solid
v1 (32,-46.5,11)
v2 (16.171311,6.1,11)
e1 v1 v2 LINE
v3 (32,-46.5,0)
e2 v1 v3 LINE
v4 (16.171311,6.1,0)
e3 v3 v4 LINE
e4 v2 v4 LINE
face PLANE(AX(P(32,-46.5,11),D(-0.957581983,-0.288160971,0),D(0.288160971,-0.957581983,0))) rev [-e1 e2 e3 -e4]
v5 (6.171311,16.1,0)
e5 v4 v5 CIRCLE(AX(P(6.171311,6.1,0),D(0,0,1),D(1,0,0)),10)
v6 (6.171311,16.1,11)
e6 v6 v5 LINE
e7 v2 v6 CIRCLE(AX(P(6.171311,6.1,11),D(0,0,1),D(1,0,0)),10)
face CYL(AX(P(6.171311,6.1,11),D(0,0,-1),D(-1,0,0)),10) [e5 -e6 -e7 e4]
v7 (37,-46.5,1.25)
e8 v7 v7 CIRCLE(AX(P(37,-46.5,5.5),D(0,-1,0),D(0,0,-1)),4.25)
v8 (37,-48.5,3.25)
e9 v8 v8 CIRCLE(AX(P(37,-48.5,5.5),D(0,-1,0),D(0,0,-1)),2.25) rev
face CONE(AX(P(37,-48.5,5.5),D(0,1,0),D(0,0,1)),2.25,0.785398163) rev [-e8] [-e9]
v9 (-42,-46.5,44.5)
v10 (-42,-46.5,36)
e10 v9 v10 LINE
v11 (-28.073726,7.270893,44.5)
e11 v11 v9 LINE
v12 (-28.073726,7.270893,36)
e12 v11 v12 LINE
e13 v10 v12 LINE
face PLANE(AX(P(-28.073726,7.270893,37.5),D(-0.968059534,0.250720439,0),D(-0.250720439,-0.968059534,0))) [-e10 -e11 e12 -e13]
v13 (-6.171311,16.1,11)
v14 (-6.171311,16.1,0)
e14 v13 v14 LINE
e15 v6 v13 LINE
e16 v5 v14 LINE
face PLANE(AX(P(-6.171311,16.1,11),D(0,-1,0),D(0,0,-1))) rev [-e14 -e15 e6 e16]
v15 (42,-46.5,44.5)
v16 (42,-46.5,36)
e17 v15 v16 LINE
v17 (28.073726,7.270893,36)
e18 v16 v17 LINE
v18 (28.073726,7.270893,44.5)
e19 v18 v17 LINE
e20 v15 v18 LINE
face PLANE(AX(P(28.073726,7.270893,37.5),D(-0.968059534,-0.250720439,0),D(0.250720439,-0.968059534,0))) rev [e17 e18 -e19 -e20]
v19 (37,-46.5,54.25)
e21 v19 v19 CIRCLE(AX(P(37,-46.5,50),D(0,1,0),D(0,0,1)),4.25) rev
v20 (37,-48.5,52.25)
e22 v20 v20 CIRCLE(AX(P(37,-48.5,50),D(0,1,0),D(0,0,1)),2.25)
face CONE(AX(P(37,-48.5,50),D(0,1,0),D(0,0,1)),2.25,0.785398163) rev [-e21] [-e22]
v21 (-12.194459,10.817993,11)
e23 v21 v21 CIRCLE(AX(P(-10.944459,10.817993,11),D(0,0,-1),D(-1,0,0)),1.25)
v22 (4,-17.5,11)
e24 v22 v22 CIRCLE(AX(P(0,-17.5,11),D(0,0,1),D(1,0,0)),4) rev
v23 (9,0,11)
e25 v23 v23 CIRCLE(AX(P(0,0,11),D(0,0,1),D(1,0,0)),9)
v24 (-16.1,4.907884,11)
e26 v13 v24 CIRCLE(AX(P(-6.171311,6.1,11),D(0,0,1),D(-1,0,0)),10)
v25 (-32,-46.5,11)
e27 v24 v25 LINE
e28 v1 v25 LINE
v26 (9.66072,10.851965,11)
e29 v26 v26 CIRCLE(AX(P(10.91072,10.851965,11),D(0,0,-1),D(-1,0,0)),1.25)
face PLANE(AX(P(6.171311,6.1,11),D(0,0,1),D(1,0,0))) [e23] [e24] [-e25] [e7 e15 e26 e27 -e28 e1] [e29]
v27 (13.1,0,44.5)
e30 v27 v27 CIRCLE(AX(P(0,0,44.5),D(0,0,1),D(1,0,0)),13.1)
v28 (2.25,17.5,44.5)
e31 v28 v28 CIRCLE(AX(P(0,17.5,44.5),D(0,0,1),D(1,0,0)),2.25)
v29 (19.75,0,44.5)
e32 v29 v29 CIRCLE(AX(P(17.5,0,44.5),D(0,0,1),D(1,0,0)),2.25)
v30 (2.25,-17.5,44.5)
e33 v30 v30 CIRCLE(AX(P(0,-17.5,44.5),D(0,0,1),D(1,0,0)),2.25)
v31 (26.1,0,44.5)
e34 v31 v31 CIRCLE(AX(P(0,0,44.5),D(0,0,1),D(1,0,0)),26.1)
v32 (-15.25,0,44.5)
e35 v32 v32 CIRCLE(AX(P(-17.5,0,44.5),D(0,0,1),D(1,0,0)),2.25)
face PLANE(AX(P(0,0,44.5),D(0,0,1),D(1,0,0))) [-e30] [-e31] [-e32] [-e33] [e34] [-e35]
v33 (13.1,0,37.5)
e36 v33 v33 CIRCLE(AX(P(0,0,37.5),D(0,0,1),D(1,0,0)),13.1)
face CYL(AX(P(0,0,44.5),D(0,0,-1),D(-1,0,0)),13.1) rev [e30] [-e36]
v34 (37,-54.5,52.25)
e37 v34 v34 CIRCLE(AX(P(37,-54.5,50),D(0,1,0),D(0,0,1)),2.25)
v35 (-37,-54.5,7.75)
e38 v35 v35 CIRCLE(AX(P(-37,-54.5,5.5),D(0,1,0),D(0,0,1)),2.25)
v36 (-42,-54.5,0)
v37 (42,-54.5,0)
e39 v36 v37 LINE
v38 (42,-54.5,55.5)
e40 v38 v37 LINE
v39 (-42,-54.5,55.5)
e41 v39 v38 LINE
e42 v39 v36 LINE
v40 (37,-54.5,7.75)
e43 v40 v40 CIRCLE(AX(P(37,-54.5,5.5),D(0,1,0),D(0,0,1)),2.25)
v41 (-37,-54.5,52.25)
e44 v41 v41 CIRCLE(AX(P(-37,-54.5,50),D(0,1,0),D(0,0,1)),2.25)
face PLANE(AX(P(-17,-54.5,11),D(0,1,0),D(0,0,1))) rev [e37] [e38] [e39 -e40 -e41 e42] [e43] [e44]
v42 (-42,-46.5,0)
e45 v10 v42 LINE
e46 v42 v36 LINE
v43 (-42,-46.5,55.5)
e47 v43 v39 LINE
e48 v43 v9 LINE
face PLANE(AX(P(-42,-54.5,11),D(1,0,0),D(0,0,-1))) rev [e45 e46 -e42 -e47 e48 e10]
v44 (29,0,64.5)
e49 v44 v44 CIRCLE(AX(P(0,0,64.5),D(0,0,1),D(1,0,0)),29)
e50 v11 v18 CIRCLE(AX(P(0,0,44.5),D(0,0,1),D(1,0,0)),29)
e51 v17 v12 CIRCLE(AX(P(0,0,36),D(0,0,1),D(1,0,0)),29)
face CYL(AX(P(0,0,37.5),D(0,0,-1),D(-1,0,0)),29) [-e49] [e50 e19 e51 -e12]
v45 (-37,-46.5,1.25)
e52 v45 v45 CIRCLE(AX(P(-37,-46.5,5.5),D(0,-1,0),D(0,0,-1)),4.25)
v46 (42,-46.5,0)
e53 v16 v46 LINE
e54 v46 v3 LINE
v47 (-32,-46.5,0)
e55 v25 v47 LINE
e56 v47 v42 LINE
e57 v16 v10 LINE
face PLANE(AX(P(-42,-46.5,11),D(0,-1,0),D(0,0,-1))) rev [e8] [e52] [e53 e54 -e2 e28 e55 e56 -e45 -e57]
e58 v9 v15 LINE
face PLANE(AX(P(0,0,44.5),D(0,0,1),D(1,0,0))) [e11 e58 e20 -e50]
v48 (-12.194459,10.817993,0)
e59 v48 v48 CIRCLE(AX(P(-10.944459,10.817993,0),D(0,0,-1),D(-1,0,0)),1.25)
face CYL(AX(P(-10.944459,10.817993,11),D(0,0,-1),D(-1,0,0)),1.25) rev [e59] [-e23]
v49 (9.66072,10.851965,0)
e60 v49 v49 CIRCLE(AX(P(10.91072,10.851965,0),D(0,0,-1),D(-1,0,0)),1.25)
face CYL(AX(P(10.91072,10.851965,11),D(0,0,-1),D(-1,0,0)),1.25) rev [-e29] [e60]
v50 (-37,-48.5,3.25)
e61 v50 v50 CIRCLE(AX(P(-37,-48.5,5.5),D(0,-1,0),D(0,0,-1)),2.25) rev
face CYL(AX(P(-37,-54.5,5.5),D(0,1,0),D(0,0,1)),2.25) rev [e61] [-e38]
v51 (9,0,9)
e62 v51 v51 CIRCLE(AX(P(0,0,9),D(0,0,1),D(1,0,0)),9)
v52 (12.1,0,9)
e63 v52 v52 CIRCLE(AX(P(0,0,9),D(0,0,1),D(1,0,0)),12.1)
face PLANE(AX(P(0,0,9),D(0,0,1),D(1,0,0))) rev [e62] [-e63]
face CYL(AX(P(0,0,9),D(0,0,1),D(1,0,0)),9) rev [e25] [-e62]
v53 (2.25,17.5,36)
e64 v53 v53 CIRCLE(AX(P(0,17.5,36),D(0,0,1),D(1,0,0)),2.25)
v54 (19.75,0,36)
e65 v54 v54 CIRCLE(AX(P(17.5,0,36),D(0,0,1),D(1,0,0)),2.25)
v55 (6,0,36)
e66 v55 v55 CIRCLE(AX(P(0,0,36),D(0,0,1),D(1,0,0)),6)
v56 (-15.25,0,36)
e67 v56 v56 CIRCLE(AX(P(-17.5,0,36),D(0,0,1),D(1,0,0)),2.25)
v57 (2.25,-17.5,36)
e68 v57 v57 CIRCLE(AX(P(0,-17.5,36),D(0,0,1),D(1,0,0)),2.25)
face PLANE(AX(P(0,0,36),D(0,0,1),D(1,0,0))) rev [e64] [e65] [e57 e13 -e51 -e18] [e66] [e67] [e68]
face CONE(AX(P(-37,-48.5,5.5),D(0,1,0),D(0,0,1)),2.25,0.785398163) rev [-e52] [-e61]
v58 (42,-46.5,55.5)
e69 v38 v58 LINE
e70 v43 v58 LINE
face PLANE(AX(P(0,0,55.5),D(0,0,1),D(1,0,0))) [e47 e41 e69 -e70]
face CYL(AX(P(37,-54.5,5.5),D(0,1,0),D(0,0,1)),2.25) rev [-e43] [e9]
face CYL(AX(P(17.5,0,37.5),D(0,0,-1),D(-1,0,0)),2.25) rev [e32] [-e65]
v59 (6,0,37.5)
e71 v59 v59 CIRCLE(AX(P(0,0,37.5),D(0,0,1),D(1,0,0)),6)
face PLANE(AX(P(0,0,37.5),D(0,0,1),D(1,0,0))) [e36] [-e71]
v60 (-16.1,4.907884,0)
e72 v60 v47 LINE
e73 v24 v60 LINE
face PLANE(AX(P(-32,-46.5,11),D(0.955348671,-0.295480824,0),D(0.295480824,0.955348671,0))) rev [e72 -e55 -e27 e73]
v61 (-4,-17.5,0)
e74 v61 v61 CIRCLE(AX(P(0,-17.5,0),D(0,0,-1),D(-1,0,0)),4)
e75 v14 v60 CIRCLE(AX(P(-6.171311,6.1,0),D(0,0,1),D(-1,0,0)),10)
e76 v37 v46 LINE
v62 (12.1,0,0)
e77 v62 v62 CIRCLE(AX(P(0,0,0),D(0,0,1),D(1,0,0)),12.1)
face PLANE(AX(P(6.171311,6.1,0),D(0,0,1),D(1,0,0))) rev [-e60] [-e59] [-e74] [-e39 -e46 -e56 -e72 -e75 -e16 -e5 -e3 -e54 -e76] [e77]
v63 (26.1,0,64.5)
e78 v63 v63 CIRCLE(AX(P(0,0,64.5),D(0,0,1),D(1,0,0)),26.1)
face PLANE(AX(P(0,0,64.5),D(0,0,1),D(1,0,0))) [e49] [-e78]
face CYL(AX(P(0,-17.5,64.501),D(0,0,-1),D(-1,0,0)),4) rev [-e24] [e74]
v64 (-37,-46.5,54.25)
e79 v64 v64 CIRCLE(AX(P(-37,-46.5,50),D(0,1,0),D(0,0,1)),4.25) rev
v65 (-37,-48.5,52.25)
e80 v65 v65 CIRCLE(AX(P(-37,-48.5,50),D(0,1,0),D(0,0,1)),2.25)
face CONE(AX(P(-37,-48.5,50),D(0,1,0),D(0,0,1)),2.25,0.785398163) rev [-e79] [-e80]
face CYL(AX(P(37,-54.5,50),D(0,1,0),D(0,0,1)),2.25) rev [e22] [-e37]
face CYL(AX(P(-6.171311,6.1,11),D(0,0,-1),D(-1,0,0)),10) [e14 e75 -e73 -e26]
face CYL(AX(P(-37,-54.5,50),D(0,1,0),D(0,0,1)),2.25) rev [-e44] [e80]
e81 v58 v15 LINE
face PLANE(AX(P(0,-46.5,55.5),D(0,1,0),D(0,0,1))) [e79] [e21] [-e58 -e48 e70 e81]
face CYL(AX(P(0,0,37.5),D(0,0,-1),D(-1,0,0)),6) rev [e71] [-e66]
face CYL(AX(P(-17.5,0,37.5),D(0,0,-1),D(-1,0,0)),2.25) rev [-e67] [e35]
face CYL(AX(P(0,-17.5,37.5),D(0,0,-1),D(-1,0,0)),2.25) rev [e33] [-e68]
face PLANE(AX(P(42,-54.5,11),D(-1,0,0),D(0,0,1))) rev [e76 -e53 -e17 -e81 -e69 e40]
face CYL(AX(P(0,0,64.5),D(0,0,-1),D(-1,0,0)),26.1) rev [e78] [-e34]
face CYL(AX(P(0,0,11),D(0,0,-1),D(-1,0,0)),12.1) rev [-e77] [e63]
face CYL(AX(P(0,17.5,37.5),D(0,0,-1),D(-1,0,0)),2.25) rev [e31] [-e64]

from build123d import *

# Parameters (mm, degrees)
SCHIZZO1_R                   = 12.1
ESTRUSIONE_ESTRUSIONE1_DEPTH = 11
ESTRUSIONE_ESTRUSIONE2_START = -2
SCHIZZO2_R                   = 12.1
SCHIZZO2_R_2                 = 9
ESTRUSIONE_ESTRUSIONE2_DEPTH = 2
SCHIZZO3_R                   = 2.25
TAGLIO_ESTRUSIONE1_DEPTH     = 77.182412669
SMUSSO1_SIZE                 = 2
SCHIZZO4_R                   = 1.25
TAGLIO_ESTRUSIONE2_DEPTH     = 70.679623994
SCHIZZO5_W                   = 84
SCHIZZO5_H                   = 8
ESTRUSIONE_ESTRUSIONE3_DEPTH = 25
SCHIZZO6_R                   = 2.25
SCHIZZO6_R_2                 = 6
ESTRUSIONE_ESTRUSIONE4_DEPTH = 1.5
SCHIZZO7_R                   = 2.25
SCHIZZO7_R_2                 = 13.1
ESTRUSIONE_ESTRUSIONE5_DEPTH = 7
SCHIZZO8_R                   = 29
SCHIZZO8_R_2                 = 26.1
ESTRUSIONE_ESTRUSIONE6_DEPTH = 20
TAGLIO_ESTRUSIONE4_REACH     = 96.311
SCHIZZO9_R                   = 4
SCHIZZO10_W                  = 84
SCHIZZO10_H                  = 8
ESTRUSIONE_ESTRUSIONE7_DEPTH = 11
SCHIZZO11_R                  = 2.25
TAGLIO_ESTRUSIONE5_DEPTH     = 108.816974545
SMUSSO2_SIZE                 = 2


with BuildPart() as part:
    # Schizzo1 → Estrusione-Estrusione1 (new body)
    with BuildSketch(Plane.XY):
        with BuildLine():
            Line((-6.171311325, 16.1), (6.171311325, 16.1))
            ThreePointArc((6.171311325, 16.1), (13.242379137, 13.171067812), (16.171311325, 6.1))
            Line((16.171311325, 6.1), (32, -46.5))
            Line((32, -46.5), (42, -46.5))
            Line((42, -46.5), (42, -54.5))
            Line((42, -54.5), (17, -54.5))
            Line((17, -54.5), (-17, -54.5))
            Line((-17, -54.5), (-42, -54.5))
            Line((-42, -54.5), (-42, -46.5))
            Line((-42, -46.5), (-32, -46.5))
            Line((-32, -46.5), (-16.1, 4.907883736))
            ThreePointArc((-16.1, 4.907883736), (-13.651991863, 12.73622021), (-6.171311325, 16.1))
        make_face()
        Circle(SCHIZZO1_R, mode=Mode.SUBTRACT)
    extrude(amount=ESTRUSIONE_ESTRUSIONE1_DEPTH)

    # Schizzo2 → Estrusione-Estrusione2 (add)
    with BuildSketch(Plane.XY.offset(11).offset(ESTRUSIONE_ESTRUSIONE2_START)):
        Circle(SCHIZZO2_R)
        Circle(SCHIZZO2_R_2, mode=Mode.SUBTRACT)
    extrude(amount=ESTRUSIONE_ESTRUSIONE2_DEPTH)

    # Schizzo3 → Taglio-Estrusione1 (cut, through all)
    with BuildSketch(Plane(origin=(0, -46.5, 0), x_dir=(1, 0, 0), z_dir=(0, 1, 0))):
        with Locations(Location((37, -5.5, 0), (0, 0, 270))):
            Circle(SCHIZZO3_R)
        with Locations(Location((-37, -5.5, 0), (0, 0, 270))):
            Circle(SCHIZZO3_R)
    extrude(amount=-TAGLIO_ESTRUSIONE1_DEPTH, mode=Mode.SUBTRACT)

    # Smusso1
    smusso1_edges = [part.edges().sort_by_distance(p)[0] for p in [
        (37, -46.5, 3.25),
        (-37, -46.5, 3.25),
    ]]
    chamfer(smusso1_edges, length=SMUSSO1_SIZE)

    # Schizzo4 → Taglio-Estrusione2 (cut, through all)
    with BuildSketch(Plane(origin=(0, 0, 0), x_dir=(-1, 0, 0), z_dir=(0, 0, -1))):
        with Locations((-10.910719744, 10.851964601)):
            Circle(SCHIZZO4_R)
        with Locations((10.944459062, 10.817992606)):
            Circle(SCHIZZO4_R)
        with Locations((0, -15.38859776)):
            Circle(SCHIZZO4_R)
    extrude(amount=-TAGLIO_ESTRUSIONE2_DEPTH, mode=Mode.SUBTRACT)

    # Schizzo5 → Estrusione-Estrusione3 (add)
    with BuildSketch(Plane.XY.offset(11)):
        with Locations((0, -50.5)):
            Rectangle(SCHIZZO5_W, SCHIZZO5_H)
    extrude(amount=ESTRUSIONE_ESTRUSIONE3_DEPTH)

    # Schizzo6 → Estrusione-Estrusione4 (add)
    with BuildSketch(Plane.XY.offset(36)):
        with BuildLine():
            Line((-28.073726485, 7.270892739), (-42, -46.5))
            Line((-42, -46.5), (-42, -54.5))
            Line((-42, -54.5), (42, -54.5))
            Line((42, -54.5), (42, -46.5))
            Line((42, -46.5), (28.073726485, 7.270892739))
            ThreePointArc((28.073726485, 7.270892739), (0, 29), (-28.073726485, 7.270892739))
        make_face()
        with Locations((17.5, 0)):
            Circle(SCHIZZO6_R, mode=Mode.SUBTRACT)
        with Locations((0, -17.5)):
            Circle(SCHIZZO6_R, mode=Mode.SUBTRACT)
        with Locations((-17.5, 0)):
            Circle(SCHIZZO6_R, mode=Mode.SUBTRACT)
        with Locations((0, 17.5)):
            Circle(SCHIZZO6_R, mode=Mode.SUBTRACT)
        Circle(SCHIZZO6_R_2, mode=Mode.SUBTRACT)
    extrude(amount=ESTRUSIONE_ESTRUSIONE4_DEPTH)

    # Schizzo7 → Estrusione-Estrusione5 (add)
    with BuildSketch(Plane.XY.offset(37.5)):
        with BuildLine():
            Line((42, -46.5), (28.073726485, 7.270892739))
            ThreePointArc((28.073726485, 7.270892739), (0, 29), (-28.073726485, 7.270892739))
            Line((-28.073726485, 7.270892739), (-42, -46.5))
            Line((-42, -46.5), (-42, -54.5))
            Line((-42, -54.5), (42, -54.5))
            Line((42, -54.5), (42, -46.5))
        make_face()
        with Locations((0, -17.5)):
            Circle(SCHIZZO7_R, mode=Mode.SUBTRACT)
        with Locations((17.5, 0)):
            Circle(SCHIZZO7_R, mode=Mode.SUBTRACT)
        with Locations((0, 17.5)):
            Circle(SCHIZZO7_R, mode=Mode.SUBTRACT)
        with Locations((-17.5, 0)):
            Circle(SCHIZZO7_R, mode=Mode.SUBTRACT)
        Circle(SCHIZZO7_R_2, mode=Mode.SUBTRACT)
    extrude(amount=ESTRUSIONE_ESTRUSIONE5_DEPTH)

    # Schizzo8 → Estrusione-Estrusione6 (add)
    with BuildSketch(Plane.XY.offset(44.5)):
        with Locations(Location((0, 0, 0), (0, 0, 165.479851844))):
            Circle(SCHIZZO8_R)
        Circle(SCHIZZO8_R_2, mode=Mode.SUBTRACT)
    extrude(amount=ESTRUSIONE_ESTRUSIONE6_DEPTH)

    # Schizzo9 → Taglio-Estrusione4 (cut, up to next)
    with BuildSketch(Plane(origin=(0, 0, 0), x_dir=(-1, 0, 0), z_dir=(0, 0, -1)), mode=Mode.PRIVATE) as taglio_estrusione4_sk1:
        with Locations((0, -17.5)):
            Circle(SCHIZZO9_R)
    taglio_estrusione4_tool1 = extrude(taglio_estrusione4_sk1.sketch, amount=-TAGLIO_ESTRUSIONE4_REACH, mode=Mode.PRIVATE) & part.part
    add(taglio_estrusione4_tool1.solids().sort_by_distance((0, -17.5, 0))[0], mode=Mode.SUBTRACT)

    # Schizzo10 → Estrusione-Estrusione7 (add)
    with BuildSketch(Plane.XY.offset(44.5)):
        with Locations((0, -50.5)):
            Rectangle(SCHIZZO10_W, SCHIZZO10_H)
    extrude(amount=ESTRUSIONE_ESTRUSIONE7_DEPTH)

    # Schizzo11 → Taglio-Estrusione5 (cut, through all)
    with BuildSketch(Plane(origin=(0, -46.5, 0), x_dir=(1, 0, 0), z_dir=(0, 1, 0))):
        with Locations(Location((-37, -50, 0), (0, 0, 270))):
            Circle(SCHIZZO11_R)
        with Locations(Location((37, -50, 0), (0, 0, 270))):
            Circle(SCHIZZO11_R)
    extrude(amount=-TAGLIO_ESTRUSIONE5_DEPTH, mode=Mode.SUBTRACT)

    # Smusso2
    smusso2_edges = [part.edges().sort_by_distance(p)[0] for p in [
        (-37, -46.5, 47.75),
        (37, -46.5, 47.75),
    ]]
    chamfer(smusso2_edges, length=SMUSSO2_SIZE)


solid = part.part
